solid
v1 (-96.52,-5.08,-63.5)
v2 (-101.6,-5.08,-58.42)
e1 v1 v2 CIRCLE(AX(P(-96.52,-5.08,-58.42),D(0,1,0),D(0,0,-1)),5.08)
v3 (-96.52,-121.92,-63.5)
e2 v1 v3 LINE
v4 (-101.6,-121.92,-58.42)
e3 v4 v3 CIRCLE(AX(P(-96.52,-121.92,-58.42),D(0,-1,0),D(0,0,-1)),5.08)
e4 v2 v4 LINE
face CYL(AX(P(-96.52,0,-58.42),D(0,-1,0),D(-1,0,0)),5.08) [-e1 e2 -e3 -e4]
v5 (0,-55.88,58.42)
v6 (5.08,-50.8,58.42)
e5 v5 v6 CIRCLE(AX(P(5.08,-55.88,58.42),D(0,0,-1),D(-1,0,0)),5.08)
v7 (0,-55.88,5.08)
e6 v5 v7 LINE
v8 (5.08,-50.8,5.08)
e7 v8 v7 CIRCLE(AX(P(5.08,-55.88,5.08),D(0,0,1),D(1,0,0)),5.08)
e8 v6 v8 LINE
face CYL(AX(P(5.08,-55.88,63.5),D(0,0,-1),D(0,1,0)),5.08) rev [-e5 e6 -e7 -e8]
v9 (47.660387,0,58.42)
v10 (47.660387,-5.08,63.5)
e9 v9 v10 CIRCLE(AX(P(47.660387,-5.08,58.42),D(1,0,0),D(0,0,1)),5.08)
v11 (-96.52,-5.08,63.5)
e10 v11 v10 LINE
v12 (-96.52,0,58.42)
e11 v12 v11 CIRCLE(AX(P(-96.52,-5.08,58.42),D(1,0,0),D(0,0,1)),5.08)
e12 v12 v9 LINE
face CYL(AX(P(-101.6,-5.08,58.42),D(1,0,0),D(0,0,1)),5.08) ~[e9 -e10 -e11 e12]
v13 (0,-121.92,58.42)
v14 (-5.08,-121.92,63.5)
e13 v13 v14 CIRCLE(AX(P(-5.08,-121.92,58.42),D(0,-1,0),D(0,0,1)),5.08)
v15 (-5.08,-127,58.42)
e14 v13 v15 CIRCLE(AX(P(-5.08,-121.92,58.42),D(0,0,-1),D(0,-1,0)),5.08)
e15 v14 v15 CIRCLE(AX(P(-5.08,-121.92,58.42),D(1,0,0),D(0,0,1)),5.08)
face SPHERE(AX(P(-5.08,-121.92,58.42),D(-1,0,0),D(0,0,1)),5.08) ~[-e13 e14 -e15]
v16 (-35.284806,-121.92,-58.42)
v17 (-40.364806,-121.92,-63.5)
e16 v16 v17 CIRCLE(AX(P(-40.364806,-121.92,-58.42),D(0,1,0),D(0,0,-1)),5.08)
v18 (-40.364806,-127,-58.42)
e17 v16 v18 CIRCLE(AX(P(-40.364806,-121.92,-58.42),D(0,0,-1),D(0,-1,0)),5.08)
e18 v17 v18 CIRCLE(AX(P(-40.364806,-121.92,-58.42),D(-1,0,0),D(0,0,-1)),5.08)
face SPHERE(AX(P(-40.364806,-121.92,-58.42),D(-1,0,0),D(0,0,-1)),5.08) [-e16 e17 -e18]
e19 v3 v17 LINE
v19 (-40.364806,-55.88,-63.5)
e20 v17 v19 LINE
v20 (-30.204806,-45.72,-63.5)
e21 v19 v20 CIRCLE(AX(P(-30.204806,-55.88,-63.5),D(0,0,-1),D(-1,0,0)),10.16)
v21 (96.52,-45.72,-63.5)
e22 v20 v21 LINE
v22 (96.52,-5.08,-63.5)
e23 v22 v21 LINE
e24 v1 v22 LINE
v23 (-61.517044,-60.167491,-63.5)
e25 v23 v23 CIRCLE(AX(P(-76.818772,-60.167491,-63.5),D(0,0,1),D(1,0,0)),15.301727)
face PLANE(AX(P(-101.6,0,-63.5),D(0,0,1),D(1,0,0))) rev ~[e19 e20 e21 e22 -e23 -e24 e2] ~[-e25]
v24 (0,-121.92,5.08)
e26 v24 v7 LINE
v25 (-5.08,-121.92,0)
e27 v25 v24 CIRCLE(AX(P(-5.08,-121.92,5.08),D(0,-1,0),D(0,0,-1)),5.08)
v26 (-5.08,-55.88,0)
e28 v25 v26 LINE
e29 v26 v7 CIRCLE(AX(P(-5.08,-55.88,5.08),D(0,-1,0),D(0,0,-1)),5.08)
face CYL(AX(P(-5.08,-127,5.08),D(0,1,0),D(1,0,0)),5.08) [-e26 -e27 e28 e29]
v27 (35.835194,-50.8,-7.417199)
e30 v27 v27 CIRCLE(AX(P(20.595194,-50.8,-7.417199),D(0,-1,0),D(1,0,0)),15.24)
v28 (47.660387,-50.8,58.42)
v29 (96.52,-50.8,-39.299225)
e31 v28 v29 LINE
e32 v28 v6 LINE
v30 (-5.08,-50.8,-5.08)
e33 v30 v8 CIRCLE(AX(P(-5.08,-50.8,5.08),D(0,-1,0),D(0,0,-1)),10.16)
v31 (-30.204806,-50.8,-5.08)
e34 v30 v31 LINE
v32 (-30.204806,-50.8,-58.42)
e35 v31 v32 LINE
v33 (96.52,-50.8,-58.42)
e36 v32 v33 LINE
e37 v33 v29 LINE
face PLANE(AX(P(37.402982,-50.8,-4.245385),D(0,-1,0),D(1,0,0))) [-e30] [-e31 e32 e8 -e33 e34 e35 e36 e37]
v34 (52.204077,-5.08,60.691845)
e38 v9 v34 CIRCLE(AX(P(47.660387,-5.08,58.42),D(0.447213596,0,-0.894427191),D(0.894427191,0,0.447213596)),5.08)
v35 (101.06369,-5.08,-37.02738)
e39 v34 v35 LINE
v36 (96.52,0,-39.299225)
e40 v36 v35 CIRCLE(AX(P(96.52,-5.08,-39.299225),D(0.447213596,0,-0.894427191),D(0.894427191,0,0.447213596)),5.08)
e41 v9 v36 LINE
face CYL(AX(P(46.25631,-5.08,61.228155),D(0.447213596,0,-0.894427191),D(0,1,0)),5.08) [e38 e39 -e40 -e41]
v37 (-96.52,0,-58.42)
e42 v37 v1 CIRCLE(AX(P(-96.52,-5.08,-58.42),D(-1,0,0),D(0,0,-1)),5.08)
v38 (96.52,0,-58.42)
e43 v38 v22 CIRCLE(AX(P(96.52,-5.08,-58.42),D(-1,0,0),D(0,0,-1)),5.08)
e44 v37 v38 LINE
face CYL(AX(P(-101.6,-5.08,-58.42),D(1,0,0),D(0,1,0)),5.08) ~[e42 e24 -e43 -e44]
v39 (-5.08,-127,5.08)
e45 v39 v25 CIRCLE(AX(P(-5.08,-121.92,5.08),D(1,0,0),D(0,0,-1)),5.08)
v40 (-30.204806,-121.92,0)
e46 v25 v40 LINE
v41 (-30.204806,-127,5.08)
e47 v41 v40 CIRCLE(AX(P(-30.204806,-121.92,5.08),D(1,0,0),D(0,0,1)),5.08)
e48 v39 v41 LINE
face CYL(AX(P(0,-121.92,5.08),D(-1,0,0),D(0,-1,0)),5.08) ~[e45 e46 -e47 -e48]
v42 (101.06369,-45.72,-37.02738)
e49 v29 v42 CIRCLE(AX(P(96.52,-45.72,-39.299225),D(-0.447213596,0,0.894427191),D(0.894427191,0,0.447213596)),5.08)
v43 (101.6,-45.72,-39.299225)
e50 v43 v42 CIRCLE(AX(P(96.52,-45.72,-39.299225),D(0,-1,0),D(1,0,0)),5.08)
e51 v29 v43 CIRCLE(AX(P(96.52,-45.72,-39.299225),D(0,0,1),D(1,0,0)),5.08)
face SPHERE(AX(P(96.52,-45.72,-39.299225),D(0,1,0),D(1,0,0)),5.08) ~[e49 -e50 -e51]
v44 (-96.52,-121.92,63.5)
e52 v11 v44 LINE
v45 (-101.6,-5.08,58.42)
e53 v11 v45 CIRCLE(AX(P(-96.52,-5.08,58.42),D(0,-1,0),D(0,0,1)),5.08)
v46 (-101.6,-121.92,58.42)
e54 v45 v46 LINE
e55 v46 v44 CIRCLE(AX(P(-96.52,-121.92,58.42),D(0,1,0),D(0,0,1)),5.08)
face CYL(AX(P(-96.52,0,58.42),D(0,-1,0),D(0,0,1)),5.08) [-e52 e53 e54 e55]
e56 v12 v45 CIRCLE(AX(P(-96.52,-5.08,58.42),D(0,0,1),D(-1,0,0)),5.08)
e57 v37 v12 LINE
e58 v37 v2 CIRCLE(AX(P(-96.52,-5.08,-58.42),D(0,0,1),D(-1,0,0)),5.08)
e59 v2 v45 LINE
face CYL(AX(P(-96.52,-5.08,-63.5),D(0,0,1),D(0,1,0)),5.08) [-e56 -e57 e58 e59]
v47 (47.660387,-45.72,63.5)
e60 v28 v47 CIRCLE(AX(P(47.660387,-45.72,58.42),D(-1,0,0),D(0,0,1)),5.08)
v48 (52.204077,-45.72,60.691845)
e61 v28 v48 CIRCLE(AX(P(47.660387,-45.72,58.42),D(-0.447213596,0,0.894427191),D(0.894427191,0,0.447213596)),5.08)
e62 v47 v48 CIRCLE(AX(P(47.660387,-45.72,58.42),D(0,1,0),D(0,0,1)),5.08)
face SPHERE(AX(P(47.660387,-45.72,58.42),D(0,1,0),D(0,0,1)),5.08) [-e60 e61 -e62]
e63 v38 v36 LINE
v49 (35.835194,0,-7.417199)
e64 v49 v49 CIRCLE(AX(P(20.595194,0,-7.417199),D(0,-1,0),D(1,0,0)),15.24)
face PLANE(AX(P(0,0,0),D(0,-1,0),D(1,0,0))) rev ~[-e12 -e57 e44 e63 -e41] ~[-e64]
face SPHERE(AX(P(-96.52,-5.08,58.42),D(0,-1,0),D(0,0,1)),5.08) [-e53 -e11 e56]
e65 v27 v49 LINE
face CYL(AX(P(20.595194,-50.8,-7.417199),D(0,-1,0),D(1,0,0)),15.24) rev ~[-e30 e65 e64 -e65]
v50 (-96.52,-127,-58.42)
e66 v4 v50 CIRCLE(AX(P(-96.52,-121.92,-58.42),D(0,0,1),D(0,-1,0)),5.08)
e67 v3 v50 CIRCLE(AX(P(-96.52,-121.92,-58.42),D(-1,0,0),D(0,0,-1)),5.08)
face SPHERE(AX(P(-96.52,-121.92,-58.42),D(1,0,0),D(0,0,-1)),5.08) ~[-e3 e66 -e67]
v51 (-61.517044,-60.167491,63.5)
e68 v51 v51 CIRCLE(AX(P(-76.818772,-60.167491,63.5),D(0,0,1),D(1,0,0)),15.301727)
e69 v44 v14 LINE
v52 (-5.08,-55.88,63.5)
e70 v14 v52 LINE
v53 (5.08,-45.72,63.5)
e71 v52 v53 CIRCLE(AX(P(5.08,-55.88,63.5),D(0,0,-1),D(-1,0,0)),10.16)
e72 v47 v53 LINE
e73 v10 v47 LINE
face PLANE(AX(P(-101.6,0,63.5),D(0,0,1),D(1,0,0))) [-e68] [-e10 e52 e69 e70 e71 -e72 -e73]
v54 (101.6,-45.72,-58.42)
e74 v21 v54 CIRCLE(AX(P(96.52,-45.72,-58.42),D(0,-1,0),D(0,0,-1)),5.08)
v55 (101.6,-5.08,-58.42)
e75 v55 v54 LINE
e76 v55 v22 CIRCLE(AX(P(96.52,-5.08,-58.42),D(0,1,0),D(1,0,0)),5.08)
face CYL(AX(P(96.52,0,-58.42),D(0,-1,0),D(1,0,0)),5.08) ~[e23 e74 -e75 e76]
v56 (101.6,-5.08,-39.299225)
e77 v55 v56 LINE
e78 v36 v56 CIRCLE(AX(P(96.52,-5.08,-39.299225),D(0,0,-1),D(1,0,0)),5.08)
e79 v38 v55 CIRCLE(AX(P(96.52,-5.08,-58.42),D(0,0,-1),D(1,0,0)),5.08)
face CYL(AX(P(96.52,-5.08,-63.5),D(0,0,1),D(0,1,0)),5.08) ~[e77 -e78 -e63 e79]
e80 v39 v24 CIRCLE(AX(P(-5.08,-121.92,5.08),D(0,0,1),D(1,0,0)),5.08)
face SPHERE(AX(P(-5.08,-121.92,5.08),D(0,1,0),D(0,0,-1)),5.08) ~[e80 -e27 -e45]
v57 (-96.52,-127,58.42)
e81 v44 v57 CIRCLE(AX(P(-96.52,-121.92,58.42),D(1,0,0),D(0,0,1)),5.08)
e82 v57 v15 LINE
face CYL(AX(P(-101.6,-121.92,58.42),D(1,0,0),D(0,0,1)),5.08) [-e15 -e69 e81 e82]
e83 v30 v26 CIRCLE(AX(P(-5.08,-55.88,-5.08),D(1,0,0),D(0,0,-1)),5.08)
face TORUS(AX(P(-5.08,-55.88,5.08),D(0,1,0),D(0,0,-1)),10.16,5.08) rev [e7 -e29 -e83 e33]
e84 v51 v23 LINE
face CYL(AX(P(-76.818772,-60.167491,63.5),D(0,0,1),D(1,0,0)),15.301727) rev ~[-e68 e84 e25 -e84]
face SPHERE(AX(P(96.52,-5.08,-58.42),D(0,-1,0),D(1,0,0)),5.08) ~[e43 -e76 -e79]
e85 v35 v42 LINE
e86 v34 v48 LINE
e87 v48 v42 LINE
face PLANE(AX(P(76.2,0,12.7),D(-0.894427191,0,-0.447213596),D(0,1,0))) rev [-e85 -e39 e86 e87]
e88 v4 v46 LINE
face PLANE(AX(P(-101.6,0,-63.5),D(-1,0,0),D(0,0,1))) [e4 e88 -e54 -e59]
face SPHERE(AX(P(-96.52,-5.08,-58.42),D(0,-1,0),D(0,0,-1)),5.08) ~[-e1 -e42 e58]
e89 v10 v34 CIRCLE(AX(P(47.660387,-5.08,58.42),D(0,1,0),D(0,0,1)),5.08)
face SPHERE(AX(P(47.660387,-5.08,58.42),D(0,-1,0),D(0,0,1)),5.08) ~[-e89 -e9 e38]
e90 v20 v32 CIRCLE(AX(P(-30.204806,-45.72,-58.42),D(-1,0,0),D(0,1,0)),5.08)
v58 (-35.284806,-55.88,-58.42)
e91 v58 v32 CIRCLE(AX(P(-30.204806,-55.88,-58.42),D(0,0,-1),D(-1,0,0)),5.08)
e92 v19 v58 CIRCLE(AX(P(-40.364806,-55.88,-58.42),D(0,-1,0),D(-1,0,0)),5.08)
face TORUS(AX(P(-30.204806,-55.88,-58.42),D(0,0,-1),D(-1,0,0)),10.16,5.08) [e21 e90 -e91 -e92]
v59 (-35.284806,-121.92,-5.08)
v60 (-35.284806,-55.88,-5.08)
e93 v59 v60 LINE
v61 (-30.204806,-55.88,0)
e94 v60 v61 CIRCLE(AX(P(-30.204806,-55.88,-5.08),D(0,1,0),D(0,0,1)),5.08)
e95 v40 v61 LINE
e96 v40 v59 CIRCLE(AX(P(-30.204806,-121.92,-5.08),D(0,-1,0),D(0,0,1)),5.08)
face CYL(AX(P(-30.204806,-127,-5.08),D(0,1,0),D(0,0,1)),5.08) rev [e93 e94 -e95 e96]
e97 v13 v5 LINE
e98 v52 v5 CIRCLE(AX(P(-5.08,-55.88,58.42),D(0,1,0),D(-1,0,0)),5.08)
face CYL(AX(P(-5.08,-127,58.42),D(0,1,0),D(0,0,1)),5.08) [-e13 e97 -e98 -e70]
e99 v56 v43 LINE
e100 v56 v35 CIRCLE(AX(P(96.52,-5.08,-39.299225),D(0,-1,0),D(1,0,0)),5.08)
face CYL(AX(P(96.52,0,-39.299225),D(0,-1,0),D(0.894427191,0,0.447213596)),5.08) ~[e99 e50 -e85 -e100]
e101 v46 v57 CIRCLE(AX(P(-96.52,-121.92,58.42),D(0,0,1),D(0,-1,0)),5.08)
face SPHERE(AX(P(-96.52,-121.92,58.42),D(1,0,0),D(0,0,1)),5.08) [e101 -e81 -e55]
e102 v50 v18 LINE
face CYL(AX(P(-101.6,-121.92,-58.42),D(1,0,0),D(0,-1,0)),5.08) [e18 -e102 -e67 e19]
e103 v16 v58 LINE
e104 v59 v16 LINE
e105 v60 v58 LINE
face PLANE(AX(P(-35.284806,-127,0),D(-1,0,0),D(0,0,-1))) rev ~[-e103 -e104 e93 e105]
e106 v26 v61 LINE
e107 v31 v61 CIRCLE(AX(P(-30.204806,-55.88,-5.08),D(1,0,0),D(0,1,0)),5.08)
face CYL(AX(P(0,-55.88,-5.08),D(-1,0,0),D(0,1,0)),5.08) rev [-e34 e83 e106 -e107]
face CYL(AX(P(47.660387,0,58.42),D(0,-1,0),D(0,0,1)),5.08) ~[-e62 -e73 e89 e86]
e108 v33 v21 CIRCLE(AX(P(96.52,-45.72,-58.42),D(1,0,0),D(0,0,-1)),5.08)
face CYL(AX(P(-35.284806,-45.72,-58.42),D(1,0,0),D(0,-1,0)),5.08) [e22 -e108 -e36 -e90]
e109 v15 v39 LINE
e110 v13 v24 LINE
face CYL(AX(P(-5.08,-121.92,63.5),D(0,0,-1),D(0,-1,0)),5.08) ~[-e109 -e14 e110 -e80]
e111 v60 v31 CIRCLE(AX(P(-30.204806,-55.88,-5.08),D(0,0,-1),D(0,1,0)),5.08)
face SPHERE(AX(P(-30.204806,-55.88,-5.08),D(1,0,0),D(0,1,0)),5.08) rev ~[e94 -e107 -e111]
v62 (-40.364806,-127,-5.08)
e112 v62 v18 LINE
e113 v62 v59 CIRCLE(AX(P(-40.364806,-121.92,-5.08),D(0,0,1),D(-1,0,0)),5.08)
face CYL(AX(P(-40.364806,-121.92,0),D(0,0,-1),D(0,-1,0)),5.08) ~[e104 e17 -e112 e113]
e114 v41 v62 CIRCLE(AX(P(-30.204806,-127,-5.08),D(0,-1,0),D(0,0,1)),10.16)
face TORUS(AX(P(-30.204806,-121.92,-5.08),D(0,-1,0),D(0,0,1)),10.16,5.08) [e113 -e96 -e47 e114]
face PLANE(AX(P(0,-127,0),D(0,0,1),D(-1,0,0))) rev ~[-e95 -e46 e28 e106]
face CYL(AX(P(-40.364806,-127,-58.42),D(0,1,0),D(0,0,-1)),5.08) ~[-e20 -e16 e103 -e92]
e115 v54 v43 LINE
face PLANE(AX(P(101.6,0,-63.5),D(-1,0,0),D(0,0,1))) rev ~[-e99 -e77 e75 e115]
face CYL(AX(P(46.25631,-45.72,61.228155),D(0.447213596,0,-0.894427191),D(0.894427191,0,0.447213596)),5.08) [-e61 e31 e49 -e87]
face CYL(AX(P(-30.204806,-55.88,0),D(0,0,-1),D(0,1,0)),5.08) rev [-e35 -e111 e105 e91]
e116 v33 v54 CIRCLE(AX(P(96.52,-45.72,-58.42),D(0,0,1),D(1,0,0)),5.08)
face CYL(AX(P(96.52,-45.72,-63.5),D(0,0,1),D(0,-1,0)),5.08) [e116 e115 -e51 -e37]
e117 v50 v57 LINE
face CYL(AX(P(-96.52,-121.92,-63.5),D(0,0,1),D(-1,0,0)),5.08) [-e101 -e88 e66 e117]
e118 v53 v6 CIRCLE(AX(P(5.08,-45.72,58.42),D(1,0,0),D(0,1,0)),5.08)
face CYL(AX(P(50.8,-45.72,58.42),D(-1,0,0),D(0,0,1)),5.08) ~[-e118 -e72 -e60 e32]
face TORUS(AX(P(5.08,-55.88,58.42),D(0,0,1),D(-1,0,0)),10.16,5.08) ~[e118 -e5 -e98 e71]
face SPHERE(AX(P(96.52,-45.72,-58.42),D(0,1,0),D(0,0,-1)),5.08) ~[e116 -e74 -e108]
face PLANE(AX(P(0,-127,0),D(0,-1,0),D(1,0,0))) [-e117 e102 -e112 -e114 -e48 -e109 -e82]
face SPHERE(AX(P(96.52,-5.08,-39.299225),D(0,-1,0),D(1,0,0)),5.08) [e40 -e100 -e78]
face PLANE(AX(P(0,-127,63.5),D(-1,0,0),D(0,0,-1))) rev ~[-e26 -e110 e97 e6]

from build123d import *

# Parameters (mm, degrees)
F0_W     = 203.2
F0_H     = 127
F1_DEPTH = 127
F3_DEPTH = 76.2
F4_SIZE2 = 101.6
F4_SIZE  = 50.8
F5_R     = 5.08
F6_R     = 15.24
F7_DEPTH = 50.8
F8_R     = 15.301727391
F9_DEPTH = 127


with BuildPart() as f1:
    # F0 (on Front) → F1 (new body)
    with BuildSketch(Plane.XZ):
        Rectangle(F0_W, F0_H)
    extrude(amount=F1_DEPTH)

    # F2 (on face) → F3 (cut)
    with BuildSketch(Plane.XZ.offset(127)):
        Polygon((101.6, 63.5), (0, 63.5), (0, 0), (-35.2848060429, 0), (-35.2848060429, -63.5), (101.6, -63.5), align=None)
    extrude(amount=-F3_DEPTH, mode=Mode.SUBTRACT)

    # F4
    f4_edges = [f1.edges().sort_by_distance(p)[0] for p in [
        (101.6, -25.4, 63.5),
    ]]
    f4_side = f1.faces().sort_by_distance((-21.771429, -52.614286, 63.5))[0]
    chamfer(f4_edges, length=F4_SIZE, length2=F4_SIZE2, reference=f4_side)

    # F5
    f5_edges = [f1.edges().sort_by_distance(p)[0] for p in [
        (-50.8, -127, 63.5),
        (0, -88.9, 63.5),
        (76.2, -50.8, 12.7),
        (-101.6, -63.5, 63.5),
        (-25.4, 0, 63.5),
        (76.2, 0, 12.7),
        (-68.442403, -127, -63.5),
        (101.6, -25.4, -63.5),
        (50.8, -25.4, 63.5),
        (25.4, -50.8, 63.5),
        (0, -88.9, 0),
        (-35.284806, -88.9, -63.5),
        (-17.642403, -127, 0),
        (33.157597, -50.8, -63.5),
        (101.6, -25.4, -38.1),
        (-101.6, -63.5, -63.5),
        (101.6, 0, -50.8),
        (-17.642403, -50.8, 0),
        (0, -127, 31.75),
        (-35.284806, -127, -31.75),
        (0, 0, -63.5),
        (0, -50.8, 31.75),
        (-35.284806, -50.8, -31.75),
        (-101.6, -127, 0),
        (-101.6, 0, 0),
        (-35.284806, -88.9, 0),
        (101.6, -50.8, -50.8),
    ]]
    fillet(f5_edges, radius=F5_R)

    # F6 (on face) → F7 (cut, through all)
    with BuildSketch(Plane.XZ.offset(50.8)):
        with Locations((20.5951939571, -7.4171987902)):
            Circle(F6_R)
    extrude(amount=-F7_DEPTH, mode=Mode.SUBTRACT)

    # F8 (on face) → F9 (cut, through all)
    with BuildSketch(Plane.XY.offset(63.5)):
        with Locations((-76.8187716603, -60.167491436)):
            Circle(F8_R)
    extrude(amount=-F9_DEPTH, mode=Mode.SUBTRACT)


solid = f1.part
